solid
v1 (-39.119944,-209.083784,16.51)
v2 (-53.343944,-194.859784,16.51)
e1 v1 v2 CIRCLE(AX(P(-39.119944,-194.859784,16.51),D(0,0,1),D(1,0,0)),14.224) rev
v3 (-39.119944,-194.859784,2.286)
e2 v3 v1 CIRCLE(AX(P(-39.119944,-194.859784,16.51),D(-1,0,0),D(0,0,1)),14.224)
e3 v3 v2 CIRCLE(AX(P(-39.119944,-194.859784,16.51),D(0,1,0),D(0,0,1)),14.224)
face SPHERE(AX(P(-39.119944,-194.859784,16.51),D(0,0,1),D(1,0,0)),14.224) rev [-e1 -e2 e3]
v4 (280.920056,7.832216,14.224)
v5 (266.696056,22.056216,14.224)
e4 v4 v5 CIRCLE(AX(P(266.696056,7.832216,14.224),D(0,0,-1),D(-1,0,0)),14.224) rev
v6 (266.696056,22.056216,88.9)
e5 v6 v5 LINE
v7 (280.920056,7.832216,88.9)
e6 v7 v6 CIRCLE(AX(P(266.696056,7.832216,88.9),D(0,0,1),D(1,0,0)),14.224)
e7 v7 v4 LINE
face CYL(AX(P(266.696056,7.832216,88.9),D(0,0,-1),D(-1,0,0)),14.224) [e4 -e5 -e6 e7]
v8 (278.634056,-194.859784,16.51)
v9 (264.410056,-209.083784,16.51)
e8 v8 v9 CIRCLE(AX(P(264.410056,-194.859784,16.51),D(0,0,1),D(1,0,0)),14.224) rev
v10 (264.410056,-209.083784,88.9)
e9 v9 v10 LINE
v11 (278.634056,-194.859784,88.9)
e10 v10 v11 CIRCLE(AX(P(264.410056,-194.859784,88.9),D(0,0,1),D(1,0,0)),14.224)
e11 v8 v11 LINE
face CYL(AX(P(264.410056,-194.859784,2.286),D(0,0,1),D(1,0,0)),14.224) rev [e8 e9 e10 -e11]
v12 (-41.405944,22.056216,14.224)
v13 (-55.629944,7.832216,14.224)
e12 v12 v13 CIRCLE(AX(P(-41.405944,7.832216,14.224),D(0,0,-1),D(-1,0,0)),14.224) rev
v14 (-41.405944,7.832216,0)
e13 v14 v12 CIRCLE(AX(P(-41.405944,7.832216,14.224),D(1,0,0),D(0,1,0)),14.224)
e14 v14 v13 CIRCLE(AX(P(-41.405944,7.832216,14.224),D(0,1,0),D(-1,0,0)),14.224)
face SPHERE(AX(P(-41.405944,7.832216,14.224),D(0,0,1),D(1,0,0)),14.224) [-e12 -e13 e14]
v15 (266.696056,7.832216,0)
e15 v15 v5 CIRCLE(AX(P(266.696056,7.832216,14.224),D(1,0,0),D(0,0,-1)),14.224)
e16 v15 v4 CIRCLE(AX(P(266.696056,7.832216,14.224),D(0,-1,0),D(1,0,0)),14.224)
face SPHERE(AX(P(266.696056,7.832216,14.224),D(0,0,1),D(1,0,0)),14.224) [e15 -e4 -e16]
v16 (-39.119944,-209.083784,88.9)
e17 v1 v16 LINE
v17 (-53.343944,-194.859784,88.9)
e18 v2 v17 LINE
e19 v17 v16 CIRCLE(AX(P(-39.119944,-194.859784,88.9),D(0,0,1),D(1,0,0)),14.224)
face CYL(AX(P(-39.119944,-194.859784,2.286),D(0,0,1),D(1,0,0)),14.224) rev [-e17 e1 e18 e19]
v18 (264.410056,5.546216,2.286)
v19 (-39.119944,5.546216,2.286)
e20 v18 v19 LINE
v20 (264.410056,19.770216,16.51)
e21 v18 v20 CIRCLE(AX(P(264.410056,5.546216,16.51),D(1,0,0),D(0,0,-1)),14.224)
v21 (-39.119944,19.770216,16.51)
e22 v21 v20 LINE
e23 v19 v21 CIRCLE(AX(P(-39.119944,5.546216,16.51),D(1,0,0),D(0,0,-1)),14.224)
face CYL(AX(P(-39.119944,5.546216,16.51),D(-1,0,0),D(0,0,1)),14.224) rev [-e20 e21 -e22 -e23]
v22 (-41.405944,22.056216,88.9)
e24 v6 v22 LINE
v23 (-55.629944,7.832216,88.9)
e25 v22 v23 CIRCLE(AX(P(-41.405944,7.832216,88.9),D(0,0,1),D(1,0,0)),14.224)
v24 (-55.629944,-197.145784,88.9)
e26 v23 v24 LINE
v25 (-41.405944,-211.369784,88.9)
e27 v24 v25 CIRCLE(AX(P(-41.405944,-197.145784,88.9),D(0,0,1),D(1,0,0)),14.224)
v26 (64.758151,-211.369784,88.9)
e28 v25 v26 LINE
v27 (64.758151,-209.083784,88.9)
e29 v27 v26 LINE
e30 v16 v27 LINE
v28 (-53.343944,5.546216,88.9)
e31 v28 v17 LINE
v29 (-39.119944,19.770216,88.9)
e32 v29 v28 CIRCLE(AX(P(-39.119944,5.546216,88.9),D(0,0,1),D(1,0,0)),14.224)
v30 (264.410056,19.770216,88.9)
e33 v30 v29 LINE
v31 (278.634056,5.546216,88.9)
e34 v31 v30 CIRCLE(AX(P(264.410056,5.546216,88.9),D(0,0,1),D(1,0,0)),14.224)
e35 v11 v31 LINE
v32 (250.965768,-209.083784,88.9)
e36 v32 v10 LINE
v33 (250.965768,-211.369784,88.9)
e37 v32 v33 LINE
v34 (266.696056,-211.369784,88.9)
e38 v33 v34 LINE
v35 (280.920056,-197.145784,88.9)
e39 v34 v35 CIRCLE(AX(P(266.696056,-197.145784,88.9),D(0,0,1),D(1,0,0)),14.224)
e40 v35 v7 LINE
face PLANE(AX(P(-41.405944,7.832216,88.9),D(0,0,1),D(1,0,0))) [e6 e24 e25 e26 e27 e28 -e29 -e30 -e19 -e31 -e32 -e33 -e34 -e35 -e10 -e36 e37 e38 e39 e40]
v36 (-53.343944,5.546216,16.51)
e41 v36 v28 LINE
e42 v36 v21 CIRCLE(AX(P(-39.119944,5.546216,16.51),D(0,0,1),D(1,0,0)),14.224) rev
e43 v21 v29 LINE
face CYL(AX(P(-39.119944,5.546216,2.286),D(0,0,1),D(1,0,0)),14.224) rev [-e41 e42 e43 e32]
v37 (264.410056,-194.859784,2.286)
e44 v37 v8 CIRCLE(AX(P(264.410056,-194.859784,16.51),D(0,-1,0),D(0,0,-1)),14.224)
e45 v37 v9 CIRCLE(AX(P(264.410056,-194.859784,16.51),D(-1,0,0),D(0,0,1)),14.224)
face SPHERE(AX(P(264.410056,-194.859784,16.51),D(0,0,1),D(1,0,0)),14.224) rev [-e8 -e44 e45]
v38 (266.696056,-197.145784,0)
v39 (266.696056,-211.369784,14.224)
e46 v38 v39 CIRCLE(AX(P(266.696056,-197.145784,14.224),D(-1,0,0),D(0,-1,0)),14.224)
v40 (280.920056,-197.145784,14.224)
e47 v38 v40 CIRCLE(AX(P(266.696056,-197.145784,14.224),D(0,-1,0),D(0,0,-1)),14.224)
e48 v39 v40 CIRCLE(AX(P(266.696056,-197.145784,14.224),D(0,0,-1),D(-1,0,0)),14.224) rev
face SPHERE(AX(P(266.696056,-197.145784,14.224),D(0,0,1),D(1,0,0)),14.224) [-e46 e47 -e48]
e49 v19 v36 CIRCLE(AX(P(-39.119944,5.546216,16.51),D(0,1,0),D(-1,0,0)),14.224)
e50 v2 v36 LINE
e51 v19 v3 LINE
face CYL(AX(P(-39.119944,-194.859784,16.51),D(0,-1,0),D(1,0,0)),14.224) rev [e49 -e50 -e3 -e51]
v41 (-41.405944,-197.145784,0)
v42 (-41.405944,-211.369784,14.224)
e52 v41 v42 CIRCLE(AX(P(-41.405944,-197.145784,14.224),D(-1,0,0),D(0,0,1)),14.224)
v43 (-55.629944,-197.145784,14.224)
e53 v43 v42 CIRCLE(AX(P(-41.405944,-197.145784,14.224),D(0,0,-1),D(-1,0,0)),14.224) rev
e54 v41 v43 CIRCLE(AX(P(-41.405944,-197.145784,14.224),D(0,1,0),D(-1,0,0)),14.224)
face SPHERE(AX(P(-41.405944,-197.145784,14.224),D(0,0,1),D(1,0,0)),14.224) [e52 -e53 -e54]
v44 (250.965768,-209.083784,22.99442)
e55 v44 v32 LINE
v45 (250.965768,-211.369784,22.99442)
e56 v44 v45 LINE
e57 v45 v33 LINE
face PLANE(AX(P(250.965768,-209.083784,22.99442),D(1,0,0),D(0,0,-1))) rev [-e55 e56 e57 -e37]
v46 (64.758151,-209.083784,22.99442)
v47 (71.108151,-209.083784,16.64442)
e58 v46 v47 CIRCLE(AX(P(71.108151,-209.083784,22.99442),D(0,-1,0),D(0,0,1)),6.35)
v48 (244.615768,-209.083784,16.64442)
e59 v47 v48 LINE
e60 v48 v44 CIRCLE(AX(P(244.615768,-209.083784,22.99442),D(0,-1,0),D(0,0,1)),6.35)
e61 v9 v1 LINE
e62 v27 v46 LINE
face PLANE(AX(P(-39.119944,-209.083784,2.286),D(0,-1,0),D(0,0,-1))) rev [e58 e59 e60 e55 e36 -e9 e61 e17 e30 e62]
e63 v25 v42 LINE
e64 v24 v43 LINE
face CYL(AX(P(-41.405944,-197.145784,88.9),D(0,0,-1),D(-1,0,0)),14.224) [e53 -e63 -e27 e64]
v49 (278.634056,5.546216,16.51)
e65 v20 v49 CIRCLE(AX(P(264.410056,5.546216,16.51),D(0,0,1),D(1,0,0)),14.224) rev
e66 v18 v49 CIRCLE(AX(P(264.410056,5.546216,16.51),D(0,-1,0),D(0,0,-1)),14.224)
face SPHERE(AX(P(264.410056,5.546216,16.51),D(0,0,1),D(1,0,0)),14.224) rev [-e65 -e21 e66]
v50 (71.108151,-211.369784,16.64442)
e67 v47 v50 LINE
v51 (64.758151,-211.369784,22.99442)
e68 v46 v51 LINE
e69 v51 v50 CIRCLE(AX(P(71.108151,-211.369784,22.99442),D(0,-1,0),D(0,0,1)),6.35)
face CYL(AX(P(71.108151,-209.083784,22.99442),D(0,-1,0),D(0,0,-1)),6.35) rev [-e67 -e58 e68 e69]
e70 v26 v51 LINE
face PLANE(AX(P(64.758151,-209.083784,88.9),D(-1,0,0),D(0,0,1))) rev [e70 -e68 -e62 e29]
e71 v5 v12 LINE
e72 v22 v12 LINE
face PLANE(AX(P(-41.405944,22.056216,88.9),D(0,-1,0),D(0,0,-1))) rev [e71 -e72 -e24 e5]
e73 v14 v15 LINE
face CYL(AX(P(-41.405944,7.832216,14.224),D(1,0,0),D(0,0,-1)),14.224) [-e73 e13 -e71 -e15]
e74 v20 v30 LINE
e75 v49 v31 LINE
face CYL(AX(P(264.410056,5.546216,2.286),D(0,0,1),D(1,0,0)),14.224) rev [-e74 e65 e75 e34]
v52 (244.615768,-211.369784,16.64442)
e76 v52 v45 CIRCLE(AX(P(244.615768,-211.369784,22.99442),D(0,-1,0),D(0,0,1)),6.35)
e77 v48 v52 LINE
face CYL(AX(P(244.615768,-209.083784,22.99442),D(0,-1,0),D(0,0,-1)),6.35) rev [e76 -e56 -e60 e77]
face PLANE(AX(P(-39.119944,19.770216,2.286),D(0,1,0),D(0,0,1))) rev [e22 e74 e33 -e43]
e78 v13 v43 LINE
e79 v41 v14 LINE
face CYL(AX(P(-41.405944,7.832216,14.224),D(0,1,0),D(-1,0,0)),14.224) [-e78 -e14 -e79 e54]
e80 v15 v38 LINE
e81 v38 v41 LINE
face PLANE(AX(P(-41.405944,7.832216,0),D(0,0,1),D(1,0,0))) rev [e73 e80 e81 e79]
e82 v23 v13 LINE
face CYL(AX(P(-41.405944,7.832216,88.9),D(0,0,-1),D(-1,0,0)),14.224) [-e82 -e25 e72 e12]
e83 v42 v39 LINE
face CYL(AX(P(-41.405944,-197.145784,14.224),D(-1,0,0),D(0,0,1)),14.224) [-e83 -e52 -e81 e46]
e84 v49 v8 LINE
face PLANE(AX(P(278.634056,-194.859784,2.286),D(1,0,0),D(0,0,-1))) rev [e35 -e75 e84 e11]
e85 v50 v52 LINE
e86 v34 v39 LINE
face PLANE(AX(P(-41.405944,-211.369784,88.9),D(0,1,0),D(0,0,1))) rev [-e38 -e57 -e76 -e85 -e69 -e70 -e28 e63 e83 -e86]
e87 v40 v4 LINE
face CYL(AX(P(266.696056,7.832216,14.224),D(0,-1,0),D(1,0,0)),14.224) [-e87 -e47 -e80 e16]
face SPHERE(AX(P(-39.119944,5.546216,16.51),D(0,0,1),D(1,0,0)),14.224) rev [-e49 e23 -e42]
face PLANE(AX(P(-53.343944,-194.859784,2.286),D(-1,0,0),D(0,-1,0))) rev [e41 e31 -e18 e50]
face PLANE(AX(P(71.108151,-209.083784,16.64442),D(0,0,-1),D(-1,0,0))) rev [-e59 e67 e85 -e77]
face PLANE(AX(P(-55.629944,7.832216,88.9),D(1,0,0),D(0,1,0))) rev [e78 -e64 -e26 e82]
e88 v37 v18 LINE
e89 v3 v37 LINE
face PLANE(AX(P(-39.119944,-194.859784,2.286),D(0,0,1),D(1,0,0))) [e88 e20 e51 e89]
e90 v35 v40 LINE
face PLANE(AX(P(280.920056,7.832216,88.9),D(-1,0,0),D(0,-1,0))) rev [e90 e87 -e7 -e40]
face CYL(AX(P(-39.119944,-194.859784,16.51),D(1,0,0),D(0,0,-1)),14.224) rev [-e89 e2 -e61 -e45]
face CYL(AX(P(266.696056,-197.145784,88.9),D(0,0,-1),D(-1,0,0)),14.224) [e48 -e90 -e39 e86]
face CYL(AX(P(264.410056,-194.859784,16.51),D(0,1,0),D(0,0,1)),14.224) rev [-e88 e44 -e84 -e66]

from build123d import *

# Parameters (mm, degrees)
BOSS_EXTRUDE1_DEPTH = 88.9
CUT_EXTRUDE1_DEPTH  = 86.614
FILLET1_R           = 14.224
FILLET2_R           = 14.224
CUT_EXTRUDE2_DEPTH  = 2.286


with BuildPart() as part:
    # Sketch1 → Boss-Extrude1 (new body)
    with BuildSketch(Plane.XY):
        with BuildLine():
            Line((-41.405944168, 22.056216238), (266.696055832, 22.056216238))
            ThreePointArc((266.696055832, 22.056216238), (276.753942688, 17.890103094), (280.920055832, 7.832216238))
            Line((280.920055832, 7.832216238), (280.920055832, -197.145783762))
            ThreePointArc((280.920055832, -197.145783762), (276.753942688, -207.203670617), (266.696055832, -211.369783762))
            Line((266.696055832, -211.369783762), (-41.405944168, -211.369783762))
            ThreePointArc((-41.405944168, -211.369783762), (-51.463831024, -207.203670617), (-55.629944168, -197.145783762))
            Line((-55.629944168, -197.145783762), (-55.629944168, 7.832216238))
            ThreePointArc((-55.629944168, 7.832216238), (-51.463831024, 17.890103094), (-41.405944168, 22.056216238))
        make_face()
    extrude(amount=BOSS_EXTRUDE1_DEPTH)

    # Sketch4 → Cut-Extrude1 (cut)
    with BuildSketch(Plane.XY.offset(88.9)):
        with BuildLine():
            Line((-39.119944168, -209.083783762), (264.410055832, -209.083783762))
            ThreePointArc((264.410055832, -209.083783762), (274.467942688, -204.917670617), (278.634055832, -194.859783762))
            Line((278.634055832, -194.859783762), (278.634055832, 5.546216238))
            ThreePointArc((278.634055832, 5.546216238), (274.467942688, 15.604103094), (264.410055832, 19.770216238))
            Line((264.410055832, 19.770216238), (-39.119944168, 19.770216238))
            ThreePointArc((-39.119944168, 19.770216238), (-49.177831024, 15.604103094), (-53.343944168, 5.546216238))
            Line((-53.343944168, 5.546216238), (-53.343944168, -194.859783762))
            ThreePointArc((-53.343944168, -194.859783762), (-49.177831024, -204.917670617), (-39.119944168, -209.083783762))
        make_face()
    extrude(amount=-CUT_EXTRUDE1_DEPTH, mode=Mode.SUBTRACT)

    # Fillet1
    fillet1_edges = [part.edges().sort_by_distance(p)[0] for p in [
        (-49.177831024, -204.917670617, 2.286),
        (-53.343944168, -94.656783762, 2.286),
        (-49.177831024, 15.604103094, 2.286),
        (112.645055832, 19.770216238, 2.286),
        (274.467942688, 15.604103094, 2.286),
        (278.634055832, -94.656783762, 2.286),
        (274.467942688, -204.917670617, 2.286),
        (112.645055832, -209.083783762, 2.286),
    ]]
    fillet(fillet1_edges, radius=FILLET1_R)

    # Fillet2
    fillet2_edges = [part.edges().sort_by_distance(p)[0] for p in [
        (-55.629944168, -94.656783762, 0),
        (-51.463831024, 17.890103094, 0),
        (112.645055832, 22.056216238, 0),
        (276.753942688, 17.890103094, 0),
        (280.920055832, -94.656783762, 0),
        (276.753942688, -207.203670617, 0),
        (112.645055832, -211.369783762, 0),
        (-51.463831024, -207.203670617, 0),
    ]]
    fillet(fillet2_edges, radius=FILLET2_R)

    # Sketch5 → Cut-Extrude2 (cut)
    with BuildSketch(Plane(origin=(0, -211.369783762, 0), x_dir=(-1, 0, 0), z_dir=(0, -1, 0))):
        with BuildLine():
            Line((-64.758151491, -88.9), (-64.758151491, -22.994419779))
            ThreePointArc((-64.758151491, -22.994419779), (-66.61802343, -18.504291719), (-71.108151491, -16.644419779))
            Line((-71.108151491, -16.644419779), (-244.615767903, -16.644419779))
            ThreePointArc((-244.615767903, -16.644419779), (-249.105895963, -18.504291719), (-250.965767903, -22.994419779))
            Line((-250.965767903, -22.994419779), (-250.965767903, -88.9))
            Line((-250.965767903, -88.9), (-64.758151491, -88.9))
        make_face()
    extrude(amount=-CUT_EXTRUDE2_DEPTH, mode=Mode.SUBTRACT)


solid = part.part
